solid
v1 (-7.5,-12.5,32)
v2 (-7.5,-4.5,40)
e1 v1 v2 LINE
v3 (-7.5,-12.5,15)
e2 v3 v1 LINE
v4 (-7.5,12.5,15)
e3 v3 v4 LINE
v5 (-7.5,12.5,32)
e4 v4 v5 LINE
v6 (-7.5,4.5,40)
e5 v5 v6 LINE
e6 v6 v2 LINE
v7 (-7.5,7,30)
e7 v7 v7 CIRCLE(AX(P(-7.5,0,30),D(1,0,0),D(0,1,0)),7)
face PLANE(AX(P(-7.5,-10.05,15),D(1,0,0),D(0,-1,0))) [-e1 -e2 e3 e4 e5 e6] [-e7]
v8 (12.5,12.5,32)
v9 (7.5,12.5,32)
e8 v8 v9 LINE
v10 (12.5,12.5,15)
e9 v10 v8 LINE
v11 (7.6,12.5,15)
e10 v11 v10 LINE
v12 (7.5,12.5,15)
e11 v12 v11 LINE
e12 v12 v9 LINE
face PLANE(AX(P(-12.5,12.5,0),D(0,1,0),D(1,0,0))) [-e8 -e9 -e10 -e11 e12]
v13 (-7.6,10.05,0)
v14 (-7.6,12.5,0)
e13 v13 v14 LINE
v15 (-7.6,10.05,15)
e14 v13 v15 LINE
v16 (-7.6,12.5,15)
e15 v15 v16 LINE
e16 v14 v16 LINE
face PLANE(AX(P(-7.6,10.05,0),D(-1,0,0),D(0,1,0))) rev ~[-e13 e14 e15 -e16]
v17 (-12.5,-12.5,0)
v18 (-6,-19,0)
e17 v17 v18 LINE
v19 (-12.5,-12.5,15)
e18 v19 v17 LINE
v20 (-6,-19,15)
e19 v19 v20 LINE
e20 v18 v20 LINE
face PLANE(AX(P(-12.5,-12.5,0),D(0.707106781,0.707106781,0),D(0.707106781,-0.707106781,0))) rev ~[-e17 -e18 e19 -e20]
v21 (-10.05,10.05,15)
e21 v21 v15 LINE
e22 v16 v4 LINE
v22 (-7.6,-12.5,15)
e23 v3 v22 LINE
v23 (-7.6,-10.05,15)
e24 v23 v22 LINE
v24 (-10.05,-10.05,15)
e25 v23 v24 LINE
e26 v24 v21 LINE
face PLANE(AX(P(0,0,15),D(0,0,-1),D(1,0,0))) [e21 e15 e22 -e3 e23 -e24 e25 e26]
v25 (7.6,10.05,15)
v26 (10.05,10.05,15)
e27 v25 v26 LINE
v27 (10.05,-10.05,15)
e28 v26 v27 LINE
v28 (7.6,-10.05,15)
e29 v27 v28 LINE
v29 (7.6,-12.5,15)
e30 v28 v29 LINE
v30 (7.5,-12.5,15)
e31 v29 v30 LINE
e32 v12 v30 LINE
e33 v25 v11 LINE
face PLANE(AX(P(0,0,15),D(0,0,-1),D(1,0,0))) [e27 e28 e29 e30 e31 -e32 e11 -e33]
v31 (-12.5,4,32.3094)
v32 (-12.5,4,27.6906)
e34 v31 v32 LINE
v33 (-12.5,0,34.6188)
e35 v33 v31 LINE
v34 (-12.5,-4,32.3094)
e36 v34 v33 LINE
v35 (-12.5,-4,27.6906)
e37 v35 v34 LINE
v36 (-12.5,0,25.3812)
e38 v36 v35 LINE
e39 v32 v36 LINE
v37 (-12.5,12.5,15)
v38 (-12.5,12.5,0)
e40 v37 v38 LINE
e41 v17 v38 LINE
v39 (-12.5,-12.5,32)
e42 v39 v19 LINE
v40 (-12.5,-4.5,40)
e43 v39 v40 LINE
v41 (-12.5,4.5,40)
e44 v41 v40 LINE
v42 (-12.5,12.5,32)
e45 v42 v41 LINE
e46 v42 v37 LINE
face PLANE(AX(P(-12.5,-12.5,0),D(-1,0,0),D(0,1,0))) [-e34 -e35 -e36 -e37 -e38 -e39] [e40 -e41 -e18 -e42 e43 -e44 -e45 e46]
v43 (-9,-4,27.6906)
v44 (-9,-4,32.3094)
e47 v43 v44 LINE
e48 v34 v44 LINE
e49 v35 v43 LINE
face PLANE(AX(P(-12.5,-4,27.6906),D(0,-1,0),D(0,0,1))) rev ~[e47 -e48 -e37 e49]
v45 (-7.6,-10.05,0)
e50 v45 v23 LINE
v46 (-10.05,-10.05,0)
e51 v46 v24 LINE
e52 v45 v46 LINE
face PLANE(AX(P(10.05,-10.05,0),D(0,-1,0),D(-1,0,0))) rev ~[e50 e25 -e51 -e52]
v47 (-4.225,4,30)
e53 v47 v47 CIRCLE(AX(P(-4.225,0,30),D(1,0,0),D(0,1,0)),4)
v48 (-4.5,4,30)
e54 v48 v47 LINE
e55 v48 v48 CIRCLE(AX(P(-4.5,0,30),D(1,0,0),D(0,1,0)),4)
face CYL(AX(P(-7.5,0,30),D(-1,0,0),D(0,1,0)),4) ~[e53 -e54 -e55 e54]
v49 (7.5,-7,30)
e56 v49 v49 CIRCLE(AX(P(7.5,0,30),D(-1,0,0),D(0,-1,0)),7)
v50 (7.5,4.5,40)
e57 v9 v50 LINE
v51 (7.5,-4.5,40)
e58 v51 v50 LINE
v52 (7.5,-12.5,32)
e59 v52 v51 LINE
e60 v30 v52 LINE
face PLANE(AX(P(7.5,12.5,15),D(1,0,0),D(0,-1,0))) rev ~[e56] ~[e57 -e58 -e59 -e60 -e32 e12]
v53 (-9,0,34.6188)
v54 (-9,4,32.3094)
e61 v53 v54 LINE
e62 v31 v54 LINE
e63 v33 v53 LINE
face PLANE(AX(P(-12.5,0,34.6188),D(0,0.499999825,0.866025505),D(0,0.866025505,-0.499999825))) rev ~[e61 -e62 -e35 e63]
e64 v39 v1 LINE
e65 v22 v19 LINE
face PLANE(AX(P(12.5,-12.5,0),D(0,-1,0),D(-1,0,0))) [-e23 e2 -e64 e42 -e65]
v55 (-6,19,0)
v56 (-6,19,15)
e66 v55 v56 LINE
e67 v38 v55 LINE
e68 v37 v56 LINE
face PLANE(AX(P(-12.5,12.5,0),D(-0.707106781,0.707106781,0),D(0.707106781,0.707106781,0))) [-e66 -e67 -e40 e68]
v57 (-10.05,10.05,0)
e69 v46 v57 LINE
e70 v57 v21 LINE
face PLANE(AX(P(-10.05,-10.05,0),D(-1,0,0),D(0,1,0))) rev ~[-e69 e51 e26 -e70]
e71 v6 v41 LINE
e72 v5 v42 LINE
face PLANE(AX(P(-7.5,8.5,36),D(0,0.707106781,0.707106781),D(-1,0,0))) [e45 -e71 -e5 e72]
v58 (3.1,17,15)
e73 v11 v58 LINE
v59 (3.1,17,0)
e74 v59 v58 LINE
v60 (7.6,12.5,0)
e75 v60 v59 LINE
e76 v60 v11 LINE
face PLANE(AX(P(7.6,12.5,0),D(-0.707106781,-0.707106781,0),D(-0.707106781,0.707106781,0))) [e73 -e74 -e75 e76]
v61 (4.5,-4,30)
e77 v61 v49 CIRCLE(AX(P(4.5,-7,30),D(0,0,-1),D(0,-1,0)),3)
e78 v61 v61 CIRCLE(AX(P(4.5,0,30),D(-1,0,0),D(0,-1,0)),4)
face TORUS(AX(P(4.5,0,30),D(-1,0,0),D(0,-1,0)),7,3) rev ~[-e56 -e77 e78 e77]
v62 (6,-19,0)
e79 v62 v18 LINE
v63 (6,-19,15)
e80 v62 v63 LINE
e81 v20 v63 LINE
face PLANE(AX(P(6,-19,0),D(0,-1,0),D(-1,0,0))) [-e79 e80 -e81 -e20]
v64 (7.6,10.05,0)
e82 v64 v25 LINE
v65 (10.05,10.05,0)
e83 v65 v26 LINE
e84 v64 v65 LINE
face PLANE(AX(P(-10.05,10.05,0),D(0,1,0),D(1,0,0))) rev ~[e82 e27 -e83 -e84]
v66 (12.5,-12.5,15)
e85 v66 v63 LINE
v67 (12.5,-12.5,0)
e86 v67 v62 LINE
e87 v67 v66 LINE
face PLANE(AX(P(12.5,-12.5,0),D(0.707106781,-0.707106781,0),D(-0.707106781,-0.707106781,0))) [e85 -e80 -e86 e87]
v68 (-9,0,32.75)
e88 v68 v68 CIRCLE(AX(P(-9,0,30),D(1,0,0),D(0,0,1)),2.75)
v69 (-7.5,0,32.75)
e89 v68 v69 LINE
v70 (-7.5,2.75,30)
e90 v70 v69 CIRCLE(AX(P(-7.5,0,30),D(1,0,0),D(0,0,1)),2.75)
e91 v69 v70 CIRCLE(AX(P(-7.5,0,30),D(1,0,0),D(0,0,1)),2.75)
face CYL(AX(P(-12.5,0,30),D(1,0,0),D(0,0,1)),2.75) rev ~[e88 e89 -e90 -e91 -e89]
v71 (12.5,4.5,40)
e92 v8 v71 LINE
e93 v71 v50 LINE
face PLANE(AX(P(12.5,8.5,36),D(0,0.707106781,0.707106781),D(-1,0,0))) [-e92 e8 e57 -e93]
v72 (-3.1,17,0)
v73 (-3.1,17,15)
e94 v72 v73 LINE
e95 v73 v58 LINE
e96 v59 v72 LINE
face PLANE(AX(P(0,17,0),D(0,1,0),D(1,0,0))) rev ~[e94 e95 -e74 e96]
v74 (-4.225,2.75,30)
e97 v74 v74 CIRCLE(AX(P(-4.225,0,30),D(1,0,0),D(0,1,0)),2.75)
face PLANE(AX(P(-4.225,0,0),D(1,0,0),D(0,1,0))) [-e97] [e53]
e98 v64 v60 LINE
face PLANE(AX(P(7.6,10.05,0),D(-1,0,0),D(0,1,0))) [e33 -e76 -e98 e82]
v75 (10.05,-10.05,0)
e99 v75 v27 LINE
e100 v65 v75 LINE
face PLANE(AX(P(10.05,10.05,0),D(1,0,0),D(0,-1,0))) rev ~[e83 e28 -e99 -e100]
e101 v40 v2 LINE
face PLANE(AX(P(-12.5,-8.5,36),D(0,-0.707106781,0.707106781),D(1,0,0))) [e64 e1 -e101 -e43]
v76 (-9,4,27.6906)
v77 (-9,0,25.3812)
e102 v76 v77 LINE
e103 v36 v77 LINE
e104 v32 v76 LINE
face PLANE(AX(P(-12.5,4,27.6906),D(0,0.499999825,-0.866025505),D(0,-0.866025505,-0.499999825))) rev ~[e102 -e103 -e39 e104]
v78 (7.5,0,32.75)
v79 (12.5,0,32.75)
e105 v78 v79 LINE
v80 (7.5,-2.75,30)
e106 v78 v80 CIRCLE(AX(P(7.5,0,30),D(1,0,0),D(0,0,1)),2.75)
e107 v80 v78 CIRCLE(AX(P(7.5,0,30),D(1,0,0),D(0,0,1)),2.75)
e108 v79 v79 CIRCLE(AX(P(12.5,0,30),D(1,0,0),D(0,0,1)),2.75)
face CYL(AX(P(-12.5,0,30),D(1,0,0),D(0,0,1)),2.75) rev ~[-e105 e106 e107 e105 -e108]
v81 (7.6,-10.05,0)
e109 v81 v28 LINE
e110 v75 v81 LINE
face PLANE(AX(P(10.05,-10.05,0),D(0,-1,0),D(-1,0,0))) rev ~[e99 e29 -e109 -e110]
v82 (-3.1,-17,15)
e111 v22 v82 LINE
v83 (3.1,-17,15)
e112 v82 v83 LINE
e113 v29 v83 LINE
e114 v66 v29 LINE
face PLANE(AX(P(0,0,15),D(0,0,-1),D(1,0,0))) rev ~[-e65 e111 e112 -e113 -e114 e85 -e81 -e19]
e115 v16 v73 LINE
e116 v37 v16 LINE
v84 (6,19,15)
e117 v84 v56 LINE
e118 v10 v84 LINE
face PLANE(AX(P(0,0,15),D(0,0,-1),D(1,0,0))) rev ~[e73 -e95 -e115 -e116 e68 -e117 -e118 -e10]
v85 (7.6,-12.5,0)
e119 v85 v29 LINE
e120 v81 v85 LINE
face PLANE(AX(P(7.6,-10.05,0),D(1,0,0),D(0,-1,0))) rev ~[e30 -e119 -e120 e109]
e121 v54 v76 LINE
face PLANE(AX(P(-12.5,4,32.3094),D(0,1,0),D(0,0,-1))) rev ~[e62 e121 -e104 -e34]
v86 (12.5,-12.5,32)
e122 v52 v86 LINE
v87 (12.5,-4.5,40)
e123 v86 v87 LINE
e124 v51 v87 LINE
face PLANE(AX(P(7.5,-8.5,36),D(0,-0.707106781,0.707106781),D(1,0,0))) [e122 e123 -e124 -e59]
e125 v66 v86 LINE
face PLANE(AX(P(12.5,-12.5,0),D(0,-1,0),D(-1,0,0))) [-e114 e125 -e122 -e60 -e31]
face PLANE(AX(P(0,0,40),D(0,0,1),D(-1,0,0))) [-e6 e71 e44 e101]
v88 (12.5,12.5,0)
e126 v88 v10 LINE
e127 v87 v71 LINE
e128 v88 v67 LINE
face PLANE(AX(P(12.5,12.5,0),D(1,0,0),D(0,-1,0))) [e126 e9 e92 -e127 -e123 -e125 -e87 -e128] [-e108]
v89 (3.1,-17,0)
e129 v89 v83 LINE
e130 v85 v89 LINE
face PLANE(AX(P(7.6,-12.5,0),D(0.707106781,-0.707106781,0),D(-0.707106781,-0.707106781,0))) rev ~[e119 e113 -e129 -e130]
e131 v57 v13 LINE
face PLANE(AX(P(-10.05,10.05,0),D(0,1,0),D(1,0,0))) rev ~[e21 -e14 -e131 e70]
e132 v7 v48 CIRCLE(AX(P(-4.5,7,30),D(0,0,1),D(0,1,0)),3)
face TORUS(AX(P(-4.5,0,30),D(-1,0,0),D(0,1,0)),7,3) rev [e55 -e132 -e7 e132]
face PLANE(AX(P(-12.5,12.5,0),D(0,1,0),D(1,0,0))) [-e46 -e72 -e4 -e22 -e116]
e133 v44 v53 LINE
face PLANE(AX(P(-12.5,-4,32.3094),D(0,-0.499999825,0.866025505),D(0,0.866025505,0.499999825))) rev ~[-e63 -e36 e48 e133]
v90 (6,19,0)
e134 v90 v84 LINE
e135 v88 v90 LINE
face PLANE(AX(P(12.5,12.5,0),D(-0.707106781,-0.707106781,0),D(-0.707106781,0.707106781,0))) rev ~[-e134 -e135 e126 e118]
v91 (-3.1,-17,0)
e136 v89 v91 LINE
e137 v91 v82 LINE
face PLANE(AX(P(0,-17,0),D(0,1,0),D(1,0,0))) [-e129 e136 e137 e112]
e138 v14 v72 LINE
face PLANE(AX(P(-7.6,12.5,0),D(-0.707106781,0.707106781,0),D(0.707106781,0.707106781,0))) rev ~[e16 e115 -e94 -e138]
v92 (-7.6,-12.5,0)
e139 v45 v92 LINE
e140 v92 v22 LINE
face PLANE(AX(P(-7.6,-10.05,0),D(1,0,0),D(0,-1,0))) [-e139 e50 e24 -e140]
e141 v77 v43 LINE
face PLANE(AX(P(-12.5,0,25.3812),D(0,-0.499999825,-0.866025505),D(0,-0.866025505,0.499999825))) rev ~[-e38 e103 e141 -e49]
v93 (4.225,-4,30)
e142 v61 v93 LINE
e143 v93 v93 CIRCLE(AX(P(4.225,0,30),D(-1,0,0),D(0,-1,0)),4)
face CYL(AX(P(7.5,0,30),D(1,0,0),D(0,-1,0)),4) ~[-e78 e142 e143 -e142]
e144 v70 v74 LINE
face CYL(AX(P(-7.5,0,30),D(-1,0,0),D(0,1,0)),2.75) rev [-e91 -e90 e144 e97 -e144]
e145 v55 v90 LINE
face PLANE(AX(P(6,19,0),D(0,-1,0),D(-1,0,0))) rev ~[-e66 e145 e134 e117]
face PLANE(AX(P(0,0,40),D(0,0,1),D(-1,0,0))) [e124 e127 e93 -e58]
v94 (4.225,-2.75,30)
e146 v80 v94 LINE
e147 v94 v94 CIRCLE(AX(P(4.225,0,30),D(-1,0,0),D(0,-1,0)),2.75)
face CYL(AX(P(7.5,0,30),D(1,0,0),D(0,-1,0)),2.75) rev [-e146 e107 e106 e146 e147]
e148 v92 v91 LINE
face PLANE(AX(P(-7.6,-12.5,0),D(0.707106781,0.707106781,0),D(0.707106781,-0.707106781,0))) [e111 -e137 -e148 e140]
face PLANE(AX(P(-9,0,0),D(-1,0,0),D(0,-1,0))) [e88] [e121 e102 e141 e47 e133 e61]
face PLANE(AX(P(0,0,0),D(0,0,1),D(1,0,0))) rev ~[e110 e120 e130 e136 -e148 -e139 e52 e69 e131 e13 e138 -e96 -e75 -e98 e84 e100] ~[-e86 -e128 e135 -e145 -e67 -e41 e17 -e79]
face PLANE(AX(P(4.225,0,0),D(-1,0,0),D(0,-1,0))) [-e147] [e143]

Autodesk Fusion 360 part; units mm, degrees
sketch "Sketch1" plane through (0, 0, 0) normal (0, 0, 1) x (1, 0, 0)
  line L0 (12.5, -12.5) -> (-12.5, -12.5)
  line L1 (-12.5, -12.5) -> (-12.5, 12.5)
  line L2 (-12.5, 12.5) -> (12.5, 12.5)
  line L3 (12.5, 12.5) -> (12.5, -12.5)
  line L4 (12.5, -12.5) -> (-12.5, 12.5) construction
  line L5 (-12.5, -12.5) -> (12.5, 12.5) construction
  line L6 (10.05, -10.05) -> (-10.05, -10.05)
  line L7 (-10.05, -10.05) -> (-10.05, 10.05)
  line L8 (-10.05, 10.05) -> (10.05, 10.05)
  line L9 (10.05, 10.05) -> (10.05, -10.05)
  line L10 (10.05, -10.05) -> (-10.05, 10.05) construction
  line L11 (-10.05, -10.05) -> (10.05, 10.05) construction
  dimension "d3" = 25
  dimension "d4" = 25
  dimension "d5" = 20.1
  dimension "d6" = 20.1
extrude "Extrude1" add sketch "Sketch1" along normal blind 15 makes body 1
sketch "Sketch2" plane through (0, 0, 15) normal (0, 0, 1) x (-1, 0, 0)
  line L0 (10.05, -10.05) -> (-10.05, -10.05)
  line L1 (-10.05, -10.05) -> (-10.05, 10.05)
  line L2 (-10.05, 10.05) -> (10.05, 10.05)
  line L3 (10.05, 10.05) -> (10.05, -10.05)
  line L4 (-12.5, -12.5) -> (12.5, -12.5)
  line L5 (12.5, -12.5) -> (12.5, 12.5)
  line L6 (12.5, 12.5) -> (-12.5, 12.5)
  line L7 (-12.5, 12.5) -> (-12.5, -12.5)
  line L8 (12.5, -12.5) -> (7.5, -12.5)
  line L9 (7.5, -12.5) -> (7.5, 12.5)
  line L10 (7.5, 12.5) -> (12.5, 12.5)
  line L11 (12.5, 12.5) -> (12.5, -12.5)
  line L12 (-12.5, -12.5) -> (-7.5, -12.5)
  line L13 (-7.5, -12.5) -> (-7.5, 12.5)
  line L14 (-7.5, 12.5) -> (-12.5, 12.5)
  line L15 (-12.5, 12.5) -> (-12.5, -12.5)
  dimension "d9" = 5
  dimension "d10" = 5
extrude "Extrude2" add sketch "Sketch2" along normal blind 25 contours L0 L2 L3 L4 L5 L6 L8 L9 L10 L11 | L0 L2 L3 L9 | L0 L1 L2 L4 L6 L7 L12 L13 L14 L15 | L0 L1 L2 L13 bodies 1
sketch "Sketch3" plane through (-12.5, 0, 0) normal (-1, 0, 0) x (0, -1, 0)
  line L0 (-12.5, 0) -> (12.5, 0)
  line L1 (12.5, 0) -> (12.5, 40)
  line L2 (12.5, 40) -> (-12.5, 40)
  line L3 (-12.5, 40) -> (-12.5, 0)
  line L4 (0, 40) -> (0, 0) construction
  line L5 (4, 32.3094) -> (0, 34.6188)
  line L6 (0, 34.6188) -> (-4, 32.3094)
  line L7 (-4, 32.3094) -> (-4, 27.6906)
  line L8 (-4, 27.6906) -> (0, 25.3812)
  line L9 (0, 25.3812) -> (4, 27.6906)
  line L10 (4, 27.6906) -> (4, 32.3094)
  point P0 (0, 30)
  point P1 (0, 30)
  dimension "d13" = 10
  dimension "d27" = 4
hole "Hole1" at (-12.5, 0, 30) direction (1, 0, 0) diameter 5.5 end through all bodies 1 1
sketch "Sketch4" plane through (-7.5, 0, 0) normal (1, 0, 0) x (0, 1, 0)
  circle A0 centre (0, 30) radius 2.75
  line L0 (10.05, 15) -> (12.5, 15)
  line L1 (12.5, 15) -> (12.5, 40)
  line L2 (12.5, 40) -> (-12.5, 40)
  line L3 (-12.5, 40) -> (-12.5, 15)
  line L4 (-12.5, 15) -> (-10.05, 15)
  line L5 (-10.05, 15) -> (10.05, 15)
  circle A1 centre (0, 30) radius 4
  dimension "d17" = 8
sketch "Sketch5" plane through (7.5, 0, 0) normal (-1, 0, 0) x (0, -1, 0)
  circle A0 centre (0, 30) radius 2.75
  line L0 (-12.5, 15) -> (-10.05, 15)
  line L1 (-10.05, 15) -> (10.05, 15)
  line L2 (10.05, 15) -> (12.5, 15)
  line L3 (12.5, 15) -> (12.5, 40)
  line L4 (12.5, 40) -> (-12.5, 40)
  line L5 (-12.5, 40) -> (-12.5, 15)
  circle A1 centre (0, 30) radius 4
  dimension "d22" = 8
extrude "Extrude3" add sketch "Sketch4" along normal blind 3.275 contours A1 bodies 1
extrude "Extrude4" add sketch "Sketch5" along normal blind 3.275 contours A1 bodies 1
fillet "Fillet2" radius 3 2 edges at (7.5, 3.7293, 31.4465) (-7.5, -3.7293, 31.4465) on bodies 1
extrude "Extrude5" cut sketch "Sketch3" against normal blind 3.5 contours L5 L6 L7 L8 L9 L10 bodies 1
sketch "Sketch6" plane through (0, 0, 0) normal (0, 0, -1) x (1, 0, 0)
  line L0 (10.05, -10.05) -> (-10.05, -10.05)
  line L1 (-10.05, -10.05) -> (-10.05, 10.05)
  line L2 (-10.05, 10.05) -> (10.05, 10.05)
  line L3 (10.05, 10.05) -> (10.05, -10.05)
  line L4 (-12.5, -12.5) -> (12.5, -12.5)
  line L5 (12.5, -12.5) -> (12.5, 12.5)
  line L6 (12.5, 12.5) -> (-12.5, 12.5)
  line L7 (-12.5, 12.5) -> (-12.5, -12.5)
  line L8 (-7.5, -10.05) -> (-7.5, 10.05)
  line L9 (7.5, -10.05) -> (7.5, 10.05)
  line L10 (-12.5, 12.5) -> (-6, 19)
  line L11 (-6, 19) -> (0, 19)
  line L12 (0, 19) -> (0, 17)
  line L13 (-10.05, 10.05) -> (-3.1, 17)
  line L14 (0, 17) -> (-3.1, 17)
  line L15 (-7.6, 10.05) -> (-7.6, 12.5)
  line L16 (0, -1.75) -> (0, -22.5)
  line L17 (0, 17) -> (3.1, 17)
  line L18 (6, 19) -> (0, 19)
  line L19 (0, 19) -> (0, 17)
  line L20 (10.05, 10.05) -> (3.1, 17)
  line L21 (12.5, 12.5) -> (6, 19)
  line L22 (7.6, 10.05) -> (7.6, 12.5)
  line L23 (1.75, 0) -> (22.5, 0)
  line L24 (10.05, -10.05) -> (3.1, -17)
  line L25 (7.6, -10.05) -> (7.6, -12.5)
  line L26 (12.5, -12.5) -> (6, -19)
  line L27 (6, -19) -> (0, -19)
  line L28 (0, -17) -> (3.1, -17)
  line L29 (0, -17) -> (-3.1, -17)
  line L30 (-6, -19) -> (0, -19)
  line L31 (-12.5, -12.5) -> (-6, -19)
  line L32 (-10.05, -10.05) -> (-3.1, -17)
  line L33 (-7.6, -10.05) -> (-7.6, -12.5)
  dimension "d30" = 2
  dimension "d31" = 45
  dimension "d37" = 6.5
extrude "Extrude6" cut sketch "Sketch6" against normal blind 15 contours L0 L4 L16 L25 | L0 L4 L16 L33 | L2 L6 L15 L22 bodies 1 makes body 2 at (-12.5, 0, 8.4604)
extrude "Extrude7" add sketch "Sketch6" against normal blind 15 contours L4 L16 L24 L26 L27 L28 | L6 L12 L17 L18 L19 L20 L21 | L4 L16 L29 L30 L31 L32 | L6 L10 L11 L12 L13 L14 L19 bodies 1 2
chamfer "Chamfer1" distance 8 angle 45 4 edges at (10, -12.5, 40) (-10, -12.5, 40) (-10, 12.5, 40) (10, 12.5, 40) on bodies 1 2
fillet "Fillet1" [suppressed]
